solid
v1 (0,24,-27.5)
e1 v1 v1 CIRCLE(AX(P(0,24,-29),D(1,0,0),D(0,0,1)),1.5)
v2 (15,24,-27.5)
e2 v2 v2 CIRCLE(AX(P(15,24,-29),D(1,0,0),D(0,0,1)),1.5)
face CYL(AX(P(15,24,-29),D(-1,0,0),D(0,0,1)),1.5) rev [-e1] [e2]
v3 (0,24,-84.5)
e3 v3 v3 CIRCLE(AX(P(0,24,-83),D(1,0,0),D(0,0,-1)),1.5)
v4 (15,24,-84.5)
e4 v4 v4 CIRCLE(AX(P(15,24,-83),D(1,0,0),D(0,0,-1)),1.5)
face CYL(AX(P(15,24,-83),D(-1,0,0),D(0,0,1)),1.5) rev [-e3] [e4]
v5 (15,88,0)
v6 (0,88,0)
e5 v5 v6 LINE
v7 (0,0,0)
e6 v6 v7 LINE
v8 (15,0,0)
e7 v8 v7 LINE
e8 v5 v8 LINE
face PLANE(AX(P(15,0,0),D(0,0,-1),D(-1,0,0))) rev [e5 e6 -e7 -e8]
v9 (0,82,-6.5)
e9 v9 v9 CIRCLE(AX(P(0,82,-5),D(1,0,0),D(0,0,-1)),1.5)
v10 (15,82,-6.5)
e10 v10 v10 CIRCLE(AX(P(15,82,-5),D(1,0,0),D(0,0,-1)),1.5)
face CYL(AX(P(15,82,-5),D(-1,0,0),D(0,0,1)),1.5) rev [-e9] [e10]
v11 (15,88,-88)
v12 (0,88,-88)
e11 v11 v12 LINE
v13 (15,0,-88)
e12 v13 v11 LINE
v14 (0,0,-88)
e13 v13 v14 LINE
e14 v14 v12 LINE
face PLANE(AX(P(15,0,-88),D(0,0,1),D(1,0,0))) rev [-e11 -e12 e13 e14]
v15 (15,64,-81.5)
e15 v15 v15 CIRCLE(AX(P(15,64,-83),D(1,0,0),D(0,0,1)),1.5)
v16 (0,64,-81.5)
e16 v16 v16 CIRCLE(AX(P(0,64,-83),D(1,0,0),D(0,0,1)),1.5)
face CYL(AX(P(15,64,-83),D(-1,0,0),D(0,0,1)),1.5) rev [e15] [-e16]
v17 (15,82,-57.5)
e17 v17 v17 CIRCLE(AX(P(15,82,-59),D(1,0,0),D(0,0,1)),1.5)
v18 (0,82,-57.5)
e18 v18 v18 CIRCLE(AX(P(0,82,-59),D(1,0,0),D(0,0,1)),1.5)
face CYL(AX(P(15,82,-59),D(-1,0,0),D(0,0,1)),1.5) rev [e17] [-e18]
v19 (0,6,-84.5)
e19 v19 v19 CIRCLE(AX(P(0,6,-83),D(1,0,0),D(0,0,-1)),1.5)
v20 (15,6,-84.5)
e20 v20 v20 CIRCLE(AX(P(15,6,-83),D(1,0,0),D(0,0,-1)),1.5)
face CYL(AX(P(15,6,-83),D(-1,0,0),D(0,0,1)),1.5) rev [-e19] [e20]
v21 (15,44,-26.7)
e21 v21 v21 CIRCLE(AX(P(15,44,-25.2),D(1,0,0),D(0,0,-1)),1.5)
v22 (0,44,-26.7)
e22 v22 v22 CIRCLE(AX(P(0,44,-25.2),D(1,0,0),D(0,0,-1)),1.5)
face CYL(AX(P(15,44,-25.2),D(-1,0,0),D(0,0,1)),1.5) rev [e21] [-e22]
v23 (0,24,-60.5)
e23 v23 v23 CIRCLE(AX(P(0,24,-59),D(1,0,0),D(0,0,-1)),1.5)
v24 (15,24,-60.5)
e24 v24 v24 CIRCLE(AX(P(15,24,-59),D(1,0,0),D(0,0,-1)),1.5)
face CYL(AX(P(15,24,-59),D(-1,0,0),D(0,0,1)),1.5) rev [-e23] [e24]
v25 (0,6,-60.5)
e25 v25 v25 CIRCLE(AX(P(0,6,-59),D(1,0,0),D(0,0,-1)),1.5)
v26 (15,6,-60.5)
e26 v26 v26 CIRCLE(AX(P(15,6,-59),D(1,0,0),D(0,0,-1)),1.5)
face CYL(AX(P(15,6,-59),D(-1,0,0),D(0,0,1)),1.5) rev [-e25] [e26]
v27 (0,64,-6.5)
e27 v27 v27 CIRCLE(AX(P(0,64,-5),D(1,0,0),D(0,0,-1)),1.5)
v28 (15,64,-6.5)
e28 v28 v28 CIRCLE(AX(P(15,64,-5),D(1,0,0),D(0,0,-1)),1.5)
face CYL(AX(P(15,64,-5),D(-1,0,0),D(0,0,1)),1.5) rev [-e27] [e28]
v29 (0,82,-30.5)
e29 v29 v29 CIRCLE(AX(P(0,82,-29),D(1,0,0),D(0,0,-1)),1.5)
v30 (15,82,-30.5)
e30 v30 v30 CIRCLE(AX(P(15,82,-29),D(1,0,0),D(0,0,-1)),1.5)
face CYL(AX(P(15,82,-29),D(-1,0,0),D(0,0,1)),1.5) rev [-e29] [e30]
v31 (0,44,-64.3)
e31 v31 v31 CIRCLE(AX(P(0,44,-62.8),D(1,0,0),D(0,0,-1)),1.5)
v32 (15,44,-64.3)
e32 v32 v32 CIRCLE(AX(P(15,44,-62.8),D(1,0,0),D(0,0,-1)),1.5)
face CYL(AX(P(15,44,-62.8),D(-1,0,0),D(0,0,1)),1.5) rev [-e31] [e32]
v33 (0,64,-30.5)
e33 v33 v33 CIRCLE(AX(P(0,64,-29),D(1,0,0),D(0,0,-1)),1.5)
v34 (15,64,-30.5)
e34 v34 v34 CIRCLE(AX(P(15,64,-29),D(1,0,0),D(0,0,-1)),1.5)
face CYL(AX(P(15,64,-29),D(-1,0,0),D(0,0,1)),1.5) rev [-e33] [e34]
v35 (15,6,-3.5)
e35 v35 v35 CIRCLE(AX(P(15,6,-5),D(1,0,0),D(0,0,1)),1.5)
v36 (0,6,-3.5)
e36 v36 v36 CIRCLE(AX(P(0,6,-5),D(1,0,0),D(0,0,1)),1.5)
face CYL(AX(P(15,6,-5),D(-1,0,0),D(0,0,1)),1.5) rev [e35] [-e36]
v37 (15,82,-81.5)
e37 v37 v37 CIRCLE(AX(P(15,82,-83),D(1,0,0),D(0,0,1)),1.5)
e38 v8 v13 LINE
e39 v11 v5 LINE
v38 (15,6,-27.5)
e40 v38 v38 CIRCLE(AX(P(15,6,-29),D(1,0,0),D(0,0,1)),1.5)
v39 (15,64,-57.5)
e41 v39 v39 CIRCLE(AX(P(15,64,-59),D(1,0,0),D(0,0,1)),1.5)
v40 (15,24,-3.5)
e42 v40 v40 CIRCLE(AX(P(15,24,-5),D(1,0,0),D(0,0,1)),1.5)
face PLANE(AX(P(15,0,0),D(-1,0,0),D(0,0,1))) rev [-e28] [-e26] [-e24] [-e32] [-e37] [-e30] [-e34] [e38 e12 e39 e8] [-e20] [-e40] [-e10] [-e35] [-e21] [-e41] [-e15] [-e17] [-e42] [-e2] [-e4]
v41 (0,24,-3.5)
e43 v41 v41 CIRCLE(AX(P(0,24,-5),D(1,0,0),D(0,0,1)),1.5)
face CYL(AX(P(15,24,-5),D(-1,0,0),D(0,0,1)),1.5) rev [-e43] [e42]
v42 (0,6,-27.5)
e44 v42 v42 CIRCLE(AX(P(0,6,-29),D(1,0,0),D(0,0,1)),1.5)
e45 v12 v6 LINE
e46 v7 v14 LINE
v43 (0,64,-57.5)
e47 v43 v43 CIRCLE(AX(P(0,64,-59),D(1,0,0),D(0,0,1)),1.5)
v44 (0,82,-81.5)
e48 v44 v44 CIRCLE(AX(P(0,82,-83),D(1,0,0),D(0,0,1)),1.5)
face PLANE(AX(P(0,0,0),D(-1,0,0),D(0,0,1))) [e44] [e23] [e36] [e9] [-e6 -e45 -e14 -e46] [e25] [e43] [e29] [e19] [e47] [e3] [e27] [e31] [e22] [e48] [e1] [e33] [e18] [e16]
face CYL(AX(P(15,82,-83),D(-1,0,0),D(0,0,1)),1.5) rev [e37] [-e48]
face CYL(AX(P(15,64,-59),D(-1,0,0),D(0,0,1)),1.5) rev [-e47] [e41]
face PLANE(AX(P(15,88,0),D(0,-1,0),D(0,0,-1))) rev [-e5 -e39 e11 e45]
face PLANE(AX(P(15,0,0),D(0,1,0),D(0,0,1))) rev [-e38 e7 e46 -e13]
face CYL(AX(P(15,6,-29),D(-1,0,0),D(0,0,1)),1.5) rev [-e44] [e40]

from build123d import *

# Parameters (mm, degrees)
CROQUIS1_W              = 88
CROQUIS1_H              = 88
CROQUIS1_R              = 1.5
SALIENTE_EXTRUIR1_DEPTH = 15


with BuildPart() as part:
    # Croquis1 → Saliente-Extruir1 (new body)
    with BuildSketch(Plane(origin=(0, 0, 0), x_dir=(0, 0, -1), z_dir=(1, 0, 0))):
        with Locations((44, 44)):
            Rectangle(CROQUIS1_W, CROQUIS1_H)
        with Locations((5, 82)):
            Circle(CROQUIS1_R, mode=Mode.SUBTRACT)
        with Locations((29, 82)):
            Circle(CROQUIS1_R, mode=Mode.SUBTRACT)
        with Locations((29, 64)):
            Circle(CROQUIS1_R, mode=Mode.SUBTRACT)
        with Locations((5, 64)):
            Circle(CROQUIS1_R, mode=Mode.SUBTRACT)
        with Locations(Location((59, 64, 0), (0, 0, 180))):
            Circle(CROQUIS1_R, mode=Mode.SUBTRACT)
        with Locations(Location((59, 82, 0), (0, 0, 180))):
            Circle(CROQUIS1_R, mode=Mode.SUBTRACT)
        with Locations(Location((83, 64, 0), (0, 0, 180))):
            Circle(CROQUIS1_R, mode=Mode.SUBTRACT)
        with Locations(Location((83, 82, 0), (0, 0, 180))):
            Circle(CROQUIS1_R, mode=Mode.SUBTRACT)
        with Locations((83, 24)):
            Circle(CROQUIS1_R, mode=Mode.SUBTRACT)
        with Locations((59, 24)):
            Circle(CROQUIS1_R, mode=Mode.SUBTRACT)
        with Locations((83, 6)):
            Circle(CROQUIS1_R, mode=Mode.SUBTRACT)
        with Locations((59, 6)):
            Circle(CROQUIS1_R, mode=Mode.SUBTRACT)
        with Locations(Location((29, 24, 0), (0, 0, 180))):
            Circle(CROQUIS1_R, mode=Mode.SUBTRACT)
        with Locations(Location((5, 24, 0), (0, 0, 180))):
            Circle(CROQUIS1_R, mode=Mode.SUBTRACT)
        with Locations(Location((29, 6, 0), (0, 0, 180))):
            Circle(CROQUIS1_R, mode=Mode.SUBTRACT)
        with Locations(Location((5, 6, 0), (0, 0, 180))):
            Circle(CROQUIS1_R, mode=Mode.SUBTRACT)
        with Locations((25.2, 44)):
            Circle(CROQUIS1_R, mode=Mode.SUBTRACT)
        with Locations((62.8, 44)):
            Circle(CROQUIS1_R, mode=Mode.SUBTRACT)
    extrude(amount=SALIENTE_EXTRUIR1_DEPTH)


solid = part.part
